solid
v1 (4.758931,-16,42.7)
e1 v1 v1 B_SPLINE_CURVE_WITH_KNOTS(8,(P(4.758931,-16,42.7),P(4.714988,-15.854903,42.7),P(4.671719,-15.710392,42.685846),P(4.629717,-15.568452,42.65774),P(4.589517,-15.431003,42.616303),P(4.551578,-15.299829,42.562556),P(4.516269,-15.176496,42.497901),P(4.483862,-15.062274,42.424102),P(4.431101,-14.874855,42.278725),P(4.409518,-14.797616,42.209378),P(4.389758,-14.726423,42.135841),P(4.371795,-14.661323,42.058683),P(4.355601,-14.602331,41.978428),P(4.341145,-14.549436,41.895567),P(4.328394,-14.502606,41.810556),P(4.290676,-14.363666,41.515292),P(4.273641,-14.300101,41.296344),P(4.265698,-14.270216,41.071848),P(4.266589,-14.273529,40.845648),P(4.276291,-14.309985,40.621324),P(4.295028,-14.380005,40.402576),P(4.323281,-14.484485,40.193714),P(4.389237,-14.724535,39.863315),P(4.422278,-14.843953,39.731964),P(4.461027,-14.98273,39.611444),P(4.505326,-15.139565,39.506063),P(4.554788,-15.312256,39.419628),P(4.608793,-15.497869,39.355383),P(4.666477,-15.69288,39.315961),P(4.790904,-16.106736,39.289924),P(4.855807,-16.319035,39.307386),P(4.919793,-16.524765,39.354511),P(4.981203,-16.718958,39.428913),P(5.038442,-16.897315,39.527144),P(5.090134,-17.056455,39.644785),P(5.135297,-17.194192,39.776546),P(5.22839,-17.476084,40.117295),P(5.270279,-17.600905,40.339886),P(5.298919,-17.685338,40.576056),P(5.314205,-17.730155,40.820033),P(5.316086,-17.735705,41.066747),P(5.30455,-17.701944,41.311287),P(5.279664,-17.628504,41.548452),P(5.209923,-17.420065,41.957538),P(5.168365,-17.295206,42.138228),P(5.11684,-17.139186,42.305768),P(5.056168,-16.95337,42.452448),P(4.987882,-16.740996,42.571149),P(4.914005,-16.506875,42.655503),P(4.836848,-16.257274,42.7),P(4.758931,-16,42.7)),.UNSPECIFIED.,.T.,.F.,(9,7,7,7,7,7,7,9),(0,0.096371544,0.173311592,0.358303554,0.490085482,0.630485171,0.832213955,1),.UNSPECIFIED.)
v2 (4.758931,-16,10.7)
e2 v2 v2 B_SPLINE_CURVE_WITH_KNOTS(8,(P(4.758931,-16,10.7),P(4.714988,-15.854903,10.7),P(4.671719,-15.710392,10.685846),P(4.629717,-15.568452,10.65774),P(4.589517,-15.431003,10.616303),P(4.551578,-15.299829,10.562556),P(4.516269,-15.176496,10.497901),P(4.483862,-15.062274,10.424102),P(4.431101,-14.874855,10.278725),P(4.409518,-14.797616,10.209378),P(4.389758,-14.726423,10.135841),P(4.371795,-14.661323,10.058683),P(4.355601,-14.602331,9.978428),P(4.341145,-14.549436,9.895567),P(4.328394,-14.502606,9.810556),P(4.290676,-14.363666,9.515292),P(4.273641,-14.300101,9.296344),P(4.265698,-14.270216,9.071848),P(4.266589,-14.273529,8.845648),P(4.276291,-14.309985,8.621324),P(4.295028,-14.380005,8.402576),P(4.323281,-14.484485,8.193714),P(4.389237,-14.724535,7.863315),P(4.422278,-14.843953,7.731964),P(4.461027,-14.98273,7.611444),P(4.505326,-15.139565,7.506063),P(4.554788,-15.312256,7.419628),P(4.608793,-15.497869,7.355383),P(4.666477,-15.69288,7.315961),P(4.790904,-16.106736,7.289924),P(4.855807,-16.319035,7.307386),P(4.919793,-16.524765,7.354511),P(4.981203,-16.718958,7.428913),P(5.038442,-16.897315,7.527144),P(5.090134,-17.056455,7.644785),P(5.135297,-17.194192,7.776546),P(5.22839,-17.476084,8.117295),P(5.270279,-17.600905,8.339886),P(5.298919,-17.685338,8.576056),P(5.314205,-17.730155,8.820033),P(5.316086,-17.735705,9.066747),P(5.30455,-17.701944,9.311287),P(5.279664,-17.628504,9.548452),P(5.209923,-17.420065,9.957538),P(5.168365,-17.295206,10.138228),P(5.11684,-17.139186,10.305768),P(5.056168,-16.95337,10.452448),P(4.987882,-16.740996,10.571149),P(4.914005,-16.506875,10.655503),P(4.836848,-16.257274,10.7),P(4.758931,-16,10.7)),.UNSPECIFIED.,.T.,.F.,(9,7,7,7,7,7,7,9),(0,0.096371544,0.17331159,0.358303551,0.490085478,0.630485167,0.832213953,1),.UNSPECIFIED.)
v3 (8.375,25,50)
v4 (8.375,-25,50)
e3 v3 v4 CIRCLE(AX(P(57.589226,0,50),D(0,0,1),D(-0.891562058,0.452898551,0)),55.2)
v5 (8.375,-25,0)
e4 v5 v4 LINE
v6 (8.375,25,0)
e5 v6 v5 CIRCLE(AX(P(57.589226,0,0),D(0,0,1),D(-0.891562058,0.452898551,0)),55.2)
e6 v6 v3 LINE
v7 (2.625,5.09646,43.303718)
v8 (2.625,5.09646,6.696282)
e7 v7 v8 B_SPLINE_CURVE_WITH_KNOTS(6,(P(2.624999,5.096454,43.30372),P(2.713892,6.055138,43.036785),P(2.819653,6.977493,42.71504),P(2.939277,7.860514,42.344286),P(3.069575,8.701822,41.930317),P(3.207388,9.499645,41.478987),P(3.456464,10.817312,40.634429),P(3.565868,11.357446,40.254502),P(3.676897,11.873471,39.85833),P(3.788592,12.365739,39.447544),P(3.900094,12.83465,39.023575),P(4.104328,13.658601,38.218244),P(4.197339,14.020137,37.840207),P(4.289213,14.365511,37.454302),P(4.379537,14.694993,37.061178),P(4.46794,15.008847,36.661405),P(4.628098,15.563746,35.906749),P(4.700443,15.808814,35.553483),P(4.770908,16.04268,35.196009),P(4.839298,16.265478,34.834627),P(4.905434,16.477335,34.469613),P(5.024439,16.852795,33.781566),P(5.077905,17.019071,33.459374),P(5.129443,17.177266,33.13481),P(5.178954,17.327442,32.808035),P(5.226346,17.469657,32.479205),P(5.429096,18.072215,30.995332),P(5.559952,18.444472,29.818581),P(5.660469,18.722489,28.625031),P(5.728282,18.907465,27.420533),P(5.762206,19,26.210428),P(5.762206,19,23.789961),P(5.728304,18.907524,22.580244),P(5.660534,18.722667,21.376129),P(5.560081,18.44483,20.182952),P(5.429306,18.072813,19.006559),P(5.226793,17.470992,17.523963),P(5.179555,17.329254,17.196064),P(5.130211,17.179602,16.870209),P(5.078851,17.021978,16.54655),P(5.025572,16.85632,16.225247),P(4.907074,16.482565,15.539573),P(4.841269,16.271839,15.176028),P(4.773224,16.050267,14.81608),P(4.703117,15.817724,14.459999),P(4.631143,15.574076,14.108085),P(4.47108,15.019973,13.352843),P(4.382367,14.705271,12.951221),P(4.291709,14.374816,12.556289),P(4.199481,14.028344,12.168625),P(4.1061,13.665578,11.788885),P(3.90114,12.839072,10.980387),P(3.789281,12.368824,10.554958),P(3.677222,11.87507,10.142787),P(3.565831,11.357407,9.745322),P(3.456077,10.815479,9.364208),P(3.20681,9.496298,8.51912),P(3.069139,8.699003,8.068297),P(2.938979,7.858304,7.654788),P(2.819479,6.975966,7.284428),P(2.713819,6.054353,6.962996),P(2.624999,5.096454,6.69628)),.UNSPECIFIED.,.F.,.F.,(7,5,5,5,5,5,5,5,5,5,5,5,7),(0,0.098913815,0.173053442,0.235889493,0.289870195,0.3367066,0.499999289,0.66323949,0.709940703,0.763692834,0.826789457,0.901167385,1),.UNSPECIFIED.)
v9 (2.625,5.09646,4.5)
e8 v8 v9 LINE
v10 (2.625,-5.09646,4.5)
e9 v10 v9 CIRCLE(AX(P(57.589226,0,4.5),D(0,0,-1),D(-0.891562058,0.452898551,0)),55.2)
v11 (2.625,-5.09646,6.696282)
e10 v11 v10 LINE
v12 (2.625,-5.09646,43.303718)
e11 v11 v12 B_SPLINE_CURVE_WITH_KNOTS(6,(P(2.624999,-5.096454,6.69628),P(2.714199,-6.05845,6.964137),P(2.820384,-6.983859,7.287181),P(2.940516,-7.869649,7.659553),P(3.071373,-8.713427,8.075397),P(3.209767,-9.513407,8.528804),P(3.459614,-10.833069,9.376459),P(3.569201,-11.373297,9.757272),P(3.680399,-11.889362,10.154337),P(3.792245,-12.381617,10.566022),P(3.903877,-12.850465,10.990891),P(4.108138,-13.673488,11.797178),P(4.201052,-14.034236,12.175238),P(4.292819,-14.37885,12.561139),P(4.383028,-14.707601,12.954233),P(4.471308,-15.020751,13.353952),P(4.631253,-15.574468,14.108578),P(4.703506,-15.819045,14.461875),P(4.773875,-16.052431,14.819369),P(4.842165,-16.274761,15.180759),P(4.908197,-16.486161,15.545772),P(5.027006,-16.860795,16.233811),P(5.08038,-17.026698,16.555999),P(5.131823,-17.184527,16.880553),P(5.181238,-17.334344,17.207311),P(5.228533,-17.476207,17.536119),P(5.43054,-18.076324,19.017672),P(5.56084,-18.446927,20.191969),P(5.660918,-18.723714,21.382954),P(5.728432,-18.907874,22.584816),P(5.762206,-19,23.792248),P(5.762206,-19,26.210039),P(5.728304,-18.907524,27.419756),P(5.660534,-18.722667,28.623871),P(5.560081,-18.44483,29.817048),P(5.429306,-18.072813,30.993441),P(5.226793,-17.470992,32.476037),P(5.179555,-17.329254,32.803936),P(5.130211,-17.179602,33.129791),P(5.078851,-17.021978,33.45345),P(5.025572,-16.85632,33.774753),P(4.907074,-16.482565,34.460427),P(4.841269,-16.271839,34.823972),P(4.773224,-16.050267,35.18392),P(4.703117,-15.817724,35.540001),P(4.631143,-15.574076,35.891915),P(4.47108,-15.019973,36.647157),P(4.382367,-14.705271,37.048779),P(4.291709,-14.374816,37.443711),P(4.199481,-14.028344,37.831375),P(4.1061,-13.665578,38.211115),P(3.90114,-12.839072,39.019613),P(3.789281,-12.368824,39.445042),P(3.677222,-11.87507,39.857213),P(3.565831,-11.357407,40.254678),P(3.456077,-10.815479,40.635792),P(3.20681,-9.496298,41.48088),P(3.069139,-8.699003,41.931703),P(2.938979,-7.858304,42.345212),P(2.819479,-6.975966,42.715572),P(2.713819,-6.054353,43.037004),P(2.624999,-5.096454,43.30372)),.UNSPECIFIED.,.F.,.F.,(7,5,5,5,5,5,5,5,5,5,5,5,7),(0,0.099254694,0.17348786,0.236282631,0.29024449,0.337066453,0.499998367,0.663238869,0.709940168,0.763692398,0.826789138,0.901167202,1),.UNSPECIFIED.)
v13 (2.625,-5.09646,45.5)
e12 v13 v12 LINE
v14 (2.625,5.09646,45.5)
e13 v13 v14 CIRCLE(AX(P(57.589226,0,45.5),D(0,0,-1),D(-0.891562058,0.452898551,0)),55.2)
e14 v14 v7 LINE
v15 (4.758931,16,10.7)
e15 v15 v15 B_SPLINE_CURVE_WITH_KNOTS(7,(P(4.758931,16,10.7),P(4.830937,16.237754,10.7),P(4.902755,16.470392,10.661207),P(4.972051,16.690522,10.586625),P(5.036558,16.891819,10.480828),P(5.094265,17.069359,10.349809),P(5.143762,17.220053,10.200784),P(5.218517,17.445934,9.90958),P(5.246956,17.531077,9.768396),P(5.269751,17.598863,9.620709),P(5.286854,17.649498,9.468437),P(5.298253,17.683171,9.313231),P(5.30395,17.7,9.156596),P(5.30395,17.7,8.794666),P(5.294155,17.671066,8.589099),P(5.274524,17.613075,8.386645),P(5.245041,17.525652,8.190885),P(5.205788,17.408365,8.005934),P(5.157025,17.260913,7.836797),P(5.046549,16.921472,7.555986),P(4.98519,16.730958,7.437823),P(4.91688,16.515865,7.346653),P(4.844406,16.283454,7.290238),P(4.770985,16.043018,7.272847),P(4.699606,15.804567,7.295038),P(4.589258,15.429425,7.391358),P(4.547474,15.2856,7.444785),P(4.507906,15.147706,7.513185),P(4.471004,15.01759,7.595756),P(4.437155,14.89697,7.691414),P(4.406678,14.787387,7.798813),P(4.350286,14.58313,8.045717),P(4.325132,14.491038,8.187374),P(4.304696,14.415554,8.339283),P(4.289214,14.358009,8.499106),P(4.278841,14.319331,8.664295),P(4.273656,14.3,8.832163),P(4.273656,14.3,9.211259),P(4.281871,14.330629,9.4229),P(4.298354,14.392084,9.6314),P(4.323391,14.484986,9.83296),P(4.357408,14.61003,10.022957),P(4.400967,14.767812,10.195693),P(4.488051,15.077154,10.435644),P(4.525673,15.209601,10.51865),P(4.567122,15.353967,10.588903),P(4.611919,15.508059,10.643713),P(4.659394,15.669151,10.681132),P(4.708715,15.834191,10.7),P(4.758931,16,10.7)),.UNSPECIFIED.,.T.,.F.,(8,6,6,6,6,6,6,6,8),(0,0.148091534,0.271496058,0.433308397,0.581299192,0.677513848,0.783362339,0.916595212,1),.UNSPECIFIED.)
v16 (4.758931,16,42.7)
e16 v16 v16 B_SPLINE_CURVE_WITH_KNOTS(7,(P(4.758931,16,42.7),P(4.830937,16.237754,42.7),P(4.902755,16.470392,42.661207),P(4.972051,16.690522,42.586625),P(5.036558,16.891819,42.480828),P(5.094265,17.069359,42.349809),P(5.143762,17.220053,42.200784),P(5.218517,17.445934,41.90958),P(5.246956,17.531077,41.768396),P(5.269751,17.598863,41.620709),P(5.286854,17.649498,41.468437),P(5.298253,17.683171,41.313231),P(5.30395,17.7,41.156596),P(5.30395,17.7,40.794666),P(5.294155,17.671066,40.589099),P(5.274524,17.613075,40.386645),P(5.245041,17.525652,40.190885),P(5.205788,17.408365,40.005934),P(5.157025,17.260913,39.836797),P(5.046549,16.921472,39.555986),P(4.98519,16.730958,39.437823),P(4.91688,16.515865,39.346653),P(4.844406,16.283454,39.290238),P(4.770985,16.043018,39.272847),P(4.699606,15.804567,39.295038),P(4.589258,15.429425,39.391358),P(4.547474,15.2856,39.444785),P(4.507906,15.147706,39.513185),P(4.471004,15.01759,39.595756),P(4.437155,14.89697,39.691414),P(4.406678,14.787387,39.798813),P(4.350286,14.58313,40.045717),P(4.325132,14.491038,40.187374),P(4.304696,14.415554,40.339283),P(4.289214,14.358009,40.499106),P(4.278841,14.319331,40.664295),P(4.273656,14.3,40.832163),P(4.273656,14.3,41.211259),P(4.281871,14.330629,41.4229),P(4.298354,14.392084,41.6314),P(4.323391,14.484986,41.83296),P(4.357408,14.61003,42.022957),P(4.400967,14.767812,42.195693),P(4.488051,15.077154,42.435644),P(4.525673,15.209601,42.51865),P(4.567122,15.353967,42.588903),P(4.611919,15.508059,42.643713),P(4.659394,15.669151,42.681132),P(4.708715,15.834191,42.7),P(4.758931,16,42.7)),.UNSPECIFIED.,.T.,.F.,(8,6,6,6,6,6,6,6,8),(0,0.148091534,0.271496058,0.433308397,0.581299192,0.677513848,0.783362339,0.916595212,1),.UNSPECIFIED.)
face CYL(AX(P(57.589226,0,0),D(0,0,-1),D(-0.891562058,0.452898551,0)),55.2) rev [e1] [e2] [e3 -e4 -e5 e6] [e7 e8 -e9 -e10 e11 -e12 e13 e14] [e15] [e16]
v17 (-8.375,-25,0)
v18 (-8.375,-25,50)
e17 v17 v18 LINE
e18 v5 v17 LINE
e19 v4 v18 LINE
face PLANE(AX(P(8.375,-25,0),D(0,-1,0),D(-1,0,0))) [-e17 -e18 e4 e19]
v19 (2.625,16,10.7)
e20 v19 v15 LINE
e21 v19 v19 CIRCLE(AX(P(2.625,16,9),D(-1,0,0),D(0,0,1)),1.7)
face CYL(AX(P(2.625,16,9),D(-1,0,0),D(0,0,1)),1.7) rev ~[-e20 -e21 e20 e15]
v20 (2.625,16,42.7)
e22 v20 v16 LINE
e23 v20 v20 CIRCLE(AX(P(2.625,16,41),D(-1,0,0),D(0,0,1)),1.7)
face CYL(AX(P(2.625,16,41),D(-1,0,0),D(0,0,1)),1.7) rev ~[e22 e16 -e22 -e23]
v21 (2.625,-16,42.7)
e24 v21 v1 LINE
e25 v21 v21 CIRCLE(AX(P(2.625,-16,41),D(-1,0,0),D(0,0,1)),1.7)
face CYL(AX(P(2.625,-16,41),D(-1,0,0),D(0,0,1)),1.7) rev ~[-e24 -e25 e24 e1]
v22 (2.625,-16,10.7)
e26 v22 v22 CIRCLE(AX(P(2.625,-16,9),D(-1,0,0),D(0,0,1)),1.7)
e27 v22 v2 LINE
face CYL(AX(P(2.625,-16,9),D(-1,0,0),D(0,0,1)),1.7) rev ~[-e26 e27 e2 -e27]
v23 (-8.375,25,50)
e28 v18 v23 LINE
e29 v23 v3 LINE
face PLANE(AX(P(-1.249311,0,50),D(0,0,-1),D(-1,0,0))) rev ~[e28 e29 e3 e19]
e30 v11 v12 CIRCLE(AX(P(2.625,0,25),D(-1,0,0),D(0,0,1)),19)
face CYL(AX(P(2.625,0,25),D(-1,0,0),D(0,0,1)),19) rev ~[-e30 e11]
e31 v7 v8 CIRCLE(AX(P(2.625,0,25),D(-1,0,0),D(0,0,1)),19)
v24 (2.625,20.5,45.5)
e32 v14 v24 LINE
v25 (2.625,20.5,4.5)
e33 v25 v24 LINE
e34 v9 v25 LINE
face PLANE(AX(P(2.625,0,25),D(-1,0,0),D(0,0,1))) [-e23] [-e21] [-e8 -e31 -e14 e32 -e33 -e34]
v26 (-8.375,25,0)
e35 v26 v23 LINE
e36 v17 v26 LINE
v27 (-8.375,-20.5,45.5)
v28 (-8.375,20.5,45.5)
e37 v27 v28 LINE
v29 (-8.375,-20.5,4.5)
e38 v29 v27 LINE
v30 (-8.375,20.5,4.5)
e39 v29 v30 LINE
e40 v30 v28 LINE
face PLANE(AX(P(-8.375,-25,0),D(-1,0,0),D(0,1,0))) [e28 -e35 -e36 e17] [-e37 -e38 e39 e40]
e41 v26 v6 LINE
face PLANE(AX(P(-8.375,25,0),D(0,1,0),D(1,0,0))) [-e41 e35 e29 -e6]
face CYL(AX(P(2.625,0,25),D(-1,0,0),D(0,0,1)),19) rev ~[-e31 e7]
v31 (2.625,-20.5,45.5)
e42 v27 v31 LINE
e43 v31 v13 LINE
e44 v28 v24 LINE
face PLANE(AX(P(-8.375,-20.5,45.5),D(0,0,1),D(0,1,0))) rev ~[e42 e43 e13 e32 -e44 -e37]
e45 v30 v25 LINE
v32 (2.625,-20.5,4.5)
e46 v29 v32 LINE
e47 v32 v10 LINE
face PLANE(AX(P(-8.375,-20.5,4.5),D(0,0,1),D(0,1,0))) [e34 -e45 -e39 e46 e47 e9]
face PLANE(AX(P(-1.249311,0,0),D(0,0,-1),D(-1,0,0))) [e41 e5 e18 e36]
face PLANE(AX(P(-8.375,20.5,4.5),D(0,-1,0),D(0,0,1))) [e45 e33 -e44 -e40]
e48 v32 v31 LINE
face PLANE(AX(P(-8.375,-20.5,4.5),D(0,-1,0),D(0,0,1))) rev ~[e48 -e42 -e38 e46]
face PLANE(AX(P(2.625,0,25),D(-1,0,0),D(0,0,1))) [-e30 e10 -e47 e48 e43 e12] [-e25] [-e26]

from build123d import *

# Parameters (mm, degrees)
SALIENTE_EXTRUIR1_DEPTH = 50
CROQUIS2_W              = 41
CROQUIS2_H              = 41
CORTAR_EXTRUIR1_DEPTH   = 11
CROQUIS3_R              = 1.7
CROQUIS3_R_2            = 19
CORTAR_EXTRUIR2_DEPTH   = 11


with BuildPart() as part:
    # Croquis1 → Saliente-Extruir1 (new body)
    with BuildSketch(Plane.XY):
        with BuildLine():
            Line((8.375, -25), (-8.375, -25))
            Line((-8.375, -25), (-8.375, 25))
            Line((-8.375, 25), (8.375, 25))
            ThreePointArc((8.375, 25), (2.389225586, 0), (8.375, -25))
        make_face()
    extrude(amount=SALIENTE_EXTRUIR1_DEPTH)

    # Croquis2 → Cortar-Extruir1 (cut)
    with BuildSketch(Plane.ZY.offset(8.375)):
        with Locations((25, 0)):
            Rectangle(CROQUIS2_W, CROQUIS2_H)
    extrude(amount=-CORTAR_EXTRUIR1_DEPTH, mode=Mode.SUBTRACT)

    # Croquis3 → Cortar-Extruir2 (cut)
    with BuildSketch(Plane.ZY.offset(-2.625)):
        with Locations((9, 16)):
            Circle(CROQUIS3_R)
        with Locations((41, 16)):
            Circle(CROQUIS3_R)
        with Locations((41, -16)):
            Circle(CROQUIS3_R)
        with Locations((9, -16)):
            Circle(CROQUIS3_R)
        with Locations((25, 0)):
            Circle(CROQUIS3_R_2)
    extrude(amount=-CORTAR_EXTRUIR2_DEPTH, mode=Mode.SUBTRACT)


solid = part.part
